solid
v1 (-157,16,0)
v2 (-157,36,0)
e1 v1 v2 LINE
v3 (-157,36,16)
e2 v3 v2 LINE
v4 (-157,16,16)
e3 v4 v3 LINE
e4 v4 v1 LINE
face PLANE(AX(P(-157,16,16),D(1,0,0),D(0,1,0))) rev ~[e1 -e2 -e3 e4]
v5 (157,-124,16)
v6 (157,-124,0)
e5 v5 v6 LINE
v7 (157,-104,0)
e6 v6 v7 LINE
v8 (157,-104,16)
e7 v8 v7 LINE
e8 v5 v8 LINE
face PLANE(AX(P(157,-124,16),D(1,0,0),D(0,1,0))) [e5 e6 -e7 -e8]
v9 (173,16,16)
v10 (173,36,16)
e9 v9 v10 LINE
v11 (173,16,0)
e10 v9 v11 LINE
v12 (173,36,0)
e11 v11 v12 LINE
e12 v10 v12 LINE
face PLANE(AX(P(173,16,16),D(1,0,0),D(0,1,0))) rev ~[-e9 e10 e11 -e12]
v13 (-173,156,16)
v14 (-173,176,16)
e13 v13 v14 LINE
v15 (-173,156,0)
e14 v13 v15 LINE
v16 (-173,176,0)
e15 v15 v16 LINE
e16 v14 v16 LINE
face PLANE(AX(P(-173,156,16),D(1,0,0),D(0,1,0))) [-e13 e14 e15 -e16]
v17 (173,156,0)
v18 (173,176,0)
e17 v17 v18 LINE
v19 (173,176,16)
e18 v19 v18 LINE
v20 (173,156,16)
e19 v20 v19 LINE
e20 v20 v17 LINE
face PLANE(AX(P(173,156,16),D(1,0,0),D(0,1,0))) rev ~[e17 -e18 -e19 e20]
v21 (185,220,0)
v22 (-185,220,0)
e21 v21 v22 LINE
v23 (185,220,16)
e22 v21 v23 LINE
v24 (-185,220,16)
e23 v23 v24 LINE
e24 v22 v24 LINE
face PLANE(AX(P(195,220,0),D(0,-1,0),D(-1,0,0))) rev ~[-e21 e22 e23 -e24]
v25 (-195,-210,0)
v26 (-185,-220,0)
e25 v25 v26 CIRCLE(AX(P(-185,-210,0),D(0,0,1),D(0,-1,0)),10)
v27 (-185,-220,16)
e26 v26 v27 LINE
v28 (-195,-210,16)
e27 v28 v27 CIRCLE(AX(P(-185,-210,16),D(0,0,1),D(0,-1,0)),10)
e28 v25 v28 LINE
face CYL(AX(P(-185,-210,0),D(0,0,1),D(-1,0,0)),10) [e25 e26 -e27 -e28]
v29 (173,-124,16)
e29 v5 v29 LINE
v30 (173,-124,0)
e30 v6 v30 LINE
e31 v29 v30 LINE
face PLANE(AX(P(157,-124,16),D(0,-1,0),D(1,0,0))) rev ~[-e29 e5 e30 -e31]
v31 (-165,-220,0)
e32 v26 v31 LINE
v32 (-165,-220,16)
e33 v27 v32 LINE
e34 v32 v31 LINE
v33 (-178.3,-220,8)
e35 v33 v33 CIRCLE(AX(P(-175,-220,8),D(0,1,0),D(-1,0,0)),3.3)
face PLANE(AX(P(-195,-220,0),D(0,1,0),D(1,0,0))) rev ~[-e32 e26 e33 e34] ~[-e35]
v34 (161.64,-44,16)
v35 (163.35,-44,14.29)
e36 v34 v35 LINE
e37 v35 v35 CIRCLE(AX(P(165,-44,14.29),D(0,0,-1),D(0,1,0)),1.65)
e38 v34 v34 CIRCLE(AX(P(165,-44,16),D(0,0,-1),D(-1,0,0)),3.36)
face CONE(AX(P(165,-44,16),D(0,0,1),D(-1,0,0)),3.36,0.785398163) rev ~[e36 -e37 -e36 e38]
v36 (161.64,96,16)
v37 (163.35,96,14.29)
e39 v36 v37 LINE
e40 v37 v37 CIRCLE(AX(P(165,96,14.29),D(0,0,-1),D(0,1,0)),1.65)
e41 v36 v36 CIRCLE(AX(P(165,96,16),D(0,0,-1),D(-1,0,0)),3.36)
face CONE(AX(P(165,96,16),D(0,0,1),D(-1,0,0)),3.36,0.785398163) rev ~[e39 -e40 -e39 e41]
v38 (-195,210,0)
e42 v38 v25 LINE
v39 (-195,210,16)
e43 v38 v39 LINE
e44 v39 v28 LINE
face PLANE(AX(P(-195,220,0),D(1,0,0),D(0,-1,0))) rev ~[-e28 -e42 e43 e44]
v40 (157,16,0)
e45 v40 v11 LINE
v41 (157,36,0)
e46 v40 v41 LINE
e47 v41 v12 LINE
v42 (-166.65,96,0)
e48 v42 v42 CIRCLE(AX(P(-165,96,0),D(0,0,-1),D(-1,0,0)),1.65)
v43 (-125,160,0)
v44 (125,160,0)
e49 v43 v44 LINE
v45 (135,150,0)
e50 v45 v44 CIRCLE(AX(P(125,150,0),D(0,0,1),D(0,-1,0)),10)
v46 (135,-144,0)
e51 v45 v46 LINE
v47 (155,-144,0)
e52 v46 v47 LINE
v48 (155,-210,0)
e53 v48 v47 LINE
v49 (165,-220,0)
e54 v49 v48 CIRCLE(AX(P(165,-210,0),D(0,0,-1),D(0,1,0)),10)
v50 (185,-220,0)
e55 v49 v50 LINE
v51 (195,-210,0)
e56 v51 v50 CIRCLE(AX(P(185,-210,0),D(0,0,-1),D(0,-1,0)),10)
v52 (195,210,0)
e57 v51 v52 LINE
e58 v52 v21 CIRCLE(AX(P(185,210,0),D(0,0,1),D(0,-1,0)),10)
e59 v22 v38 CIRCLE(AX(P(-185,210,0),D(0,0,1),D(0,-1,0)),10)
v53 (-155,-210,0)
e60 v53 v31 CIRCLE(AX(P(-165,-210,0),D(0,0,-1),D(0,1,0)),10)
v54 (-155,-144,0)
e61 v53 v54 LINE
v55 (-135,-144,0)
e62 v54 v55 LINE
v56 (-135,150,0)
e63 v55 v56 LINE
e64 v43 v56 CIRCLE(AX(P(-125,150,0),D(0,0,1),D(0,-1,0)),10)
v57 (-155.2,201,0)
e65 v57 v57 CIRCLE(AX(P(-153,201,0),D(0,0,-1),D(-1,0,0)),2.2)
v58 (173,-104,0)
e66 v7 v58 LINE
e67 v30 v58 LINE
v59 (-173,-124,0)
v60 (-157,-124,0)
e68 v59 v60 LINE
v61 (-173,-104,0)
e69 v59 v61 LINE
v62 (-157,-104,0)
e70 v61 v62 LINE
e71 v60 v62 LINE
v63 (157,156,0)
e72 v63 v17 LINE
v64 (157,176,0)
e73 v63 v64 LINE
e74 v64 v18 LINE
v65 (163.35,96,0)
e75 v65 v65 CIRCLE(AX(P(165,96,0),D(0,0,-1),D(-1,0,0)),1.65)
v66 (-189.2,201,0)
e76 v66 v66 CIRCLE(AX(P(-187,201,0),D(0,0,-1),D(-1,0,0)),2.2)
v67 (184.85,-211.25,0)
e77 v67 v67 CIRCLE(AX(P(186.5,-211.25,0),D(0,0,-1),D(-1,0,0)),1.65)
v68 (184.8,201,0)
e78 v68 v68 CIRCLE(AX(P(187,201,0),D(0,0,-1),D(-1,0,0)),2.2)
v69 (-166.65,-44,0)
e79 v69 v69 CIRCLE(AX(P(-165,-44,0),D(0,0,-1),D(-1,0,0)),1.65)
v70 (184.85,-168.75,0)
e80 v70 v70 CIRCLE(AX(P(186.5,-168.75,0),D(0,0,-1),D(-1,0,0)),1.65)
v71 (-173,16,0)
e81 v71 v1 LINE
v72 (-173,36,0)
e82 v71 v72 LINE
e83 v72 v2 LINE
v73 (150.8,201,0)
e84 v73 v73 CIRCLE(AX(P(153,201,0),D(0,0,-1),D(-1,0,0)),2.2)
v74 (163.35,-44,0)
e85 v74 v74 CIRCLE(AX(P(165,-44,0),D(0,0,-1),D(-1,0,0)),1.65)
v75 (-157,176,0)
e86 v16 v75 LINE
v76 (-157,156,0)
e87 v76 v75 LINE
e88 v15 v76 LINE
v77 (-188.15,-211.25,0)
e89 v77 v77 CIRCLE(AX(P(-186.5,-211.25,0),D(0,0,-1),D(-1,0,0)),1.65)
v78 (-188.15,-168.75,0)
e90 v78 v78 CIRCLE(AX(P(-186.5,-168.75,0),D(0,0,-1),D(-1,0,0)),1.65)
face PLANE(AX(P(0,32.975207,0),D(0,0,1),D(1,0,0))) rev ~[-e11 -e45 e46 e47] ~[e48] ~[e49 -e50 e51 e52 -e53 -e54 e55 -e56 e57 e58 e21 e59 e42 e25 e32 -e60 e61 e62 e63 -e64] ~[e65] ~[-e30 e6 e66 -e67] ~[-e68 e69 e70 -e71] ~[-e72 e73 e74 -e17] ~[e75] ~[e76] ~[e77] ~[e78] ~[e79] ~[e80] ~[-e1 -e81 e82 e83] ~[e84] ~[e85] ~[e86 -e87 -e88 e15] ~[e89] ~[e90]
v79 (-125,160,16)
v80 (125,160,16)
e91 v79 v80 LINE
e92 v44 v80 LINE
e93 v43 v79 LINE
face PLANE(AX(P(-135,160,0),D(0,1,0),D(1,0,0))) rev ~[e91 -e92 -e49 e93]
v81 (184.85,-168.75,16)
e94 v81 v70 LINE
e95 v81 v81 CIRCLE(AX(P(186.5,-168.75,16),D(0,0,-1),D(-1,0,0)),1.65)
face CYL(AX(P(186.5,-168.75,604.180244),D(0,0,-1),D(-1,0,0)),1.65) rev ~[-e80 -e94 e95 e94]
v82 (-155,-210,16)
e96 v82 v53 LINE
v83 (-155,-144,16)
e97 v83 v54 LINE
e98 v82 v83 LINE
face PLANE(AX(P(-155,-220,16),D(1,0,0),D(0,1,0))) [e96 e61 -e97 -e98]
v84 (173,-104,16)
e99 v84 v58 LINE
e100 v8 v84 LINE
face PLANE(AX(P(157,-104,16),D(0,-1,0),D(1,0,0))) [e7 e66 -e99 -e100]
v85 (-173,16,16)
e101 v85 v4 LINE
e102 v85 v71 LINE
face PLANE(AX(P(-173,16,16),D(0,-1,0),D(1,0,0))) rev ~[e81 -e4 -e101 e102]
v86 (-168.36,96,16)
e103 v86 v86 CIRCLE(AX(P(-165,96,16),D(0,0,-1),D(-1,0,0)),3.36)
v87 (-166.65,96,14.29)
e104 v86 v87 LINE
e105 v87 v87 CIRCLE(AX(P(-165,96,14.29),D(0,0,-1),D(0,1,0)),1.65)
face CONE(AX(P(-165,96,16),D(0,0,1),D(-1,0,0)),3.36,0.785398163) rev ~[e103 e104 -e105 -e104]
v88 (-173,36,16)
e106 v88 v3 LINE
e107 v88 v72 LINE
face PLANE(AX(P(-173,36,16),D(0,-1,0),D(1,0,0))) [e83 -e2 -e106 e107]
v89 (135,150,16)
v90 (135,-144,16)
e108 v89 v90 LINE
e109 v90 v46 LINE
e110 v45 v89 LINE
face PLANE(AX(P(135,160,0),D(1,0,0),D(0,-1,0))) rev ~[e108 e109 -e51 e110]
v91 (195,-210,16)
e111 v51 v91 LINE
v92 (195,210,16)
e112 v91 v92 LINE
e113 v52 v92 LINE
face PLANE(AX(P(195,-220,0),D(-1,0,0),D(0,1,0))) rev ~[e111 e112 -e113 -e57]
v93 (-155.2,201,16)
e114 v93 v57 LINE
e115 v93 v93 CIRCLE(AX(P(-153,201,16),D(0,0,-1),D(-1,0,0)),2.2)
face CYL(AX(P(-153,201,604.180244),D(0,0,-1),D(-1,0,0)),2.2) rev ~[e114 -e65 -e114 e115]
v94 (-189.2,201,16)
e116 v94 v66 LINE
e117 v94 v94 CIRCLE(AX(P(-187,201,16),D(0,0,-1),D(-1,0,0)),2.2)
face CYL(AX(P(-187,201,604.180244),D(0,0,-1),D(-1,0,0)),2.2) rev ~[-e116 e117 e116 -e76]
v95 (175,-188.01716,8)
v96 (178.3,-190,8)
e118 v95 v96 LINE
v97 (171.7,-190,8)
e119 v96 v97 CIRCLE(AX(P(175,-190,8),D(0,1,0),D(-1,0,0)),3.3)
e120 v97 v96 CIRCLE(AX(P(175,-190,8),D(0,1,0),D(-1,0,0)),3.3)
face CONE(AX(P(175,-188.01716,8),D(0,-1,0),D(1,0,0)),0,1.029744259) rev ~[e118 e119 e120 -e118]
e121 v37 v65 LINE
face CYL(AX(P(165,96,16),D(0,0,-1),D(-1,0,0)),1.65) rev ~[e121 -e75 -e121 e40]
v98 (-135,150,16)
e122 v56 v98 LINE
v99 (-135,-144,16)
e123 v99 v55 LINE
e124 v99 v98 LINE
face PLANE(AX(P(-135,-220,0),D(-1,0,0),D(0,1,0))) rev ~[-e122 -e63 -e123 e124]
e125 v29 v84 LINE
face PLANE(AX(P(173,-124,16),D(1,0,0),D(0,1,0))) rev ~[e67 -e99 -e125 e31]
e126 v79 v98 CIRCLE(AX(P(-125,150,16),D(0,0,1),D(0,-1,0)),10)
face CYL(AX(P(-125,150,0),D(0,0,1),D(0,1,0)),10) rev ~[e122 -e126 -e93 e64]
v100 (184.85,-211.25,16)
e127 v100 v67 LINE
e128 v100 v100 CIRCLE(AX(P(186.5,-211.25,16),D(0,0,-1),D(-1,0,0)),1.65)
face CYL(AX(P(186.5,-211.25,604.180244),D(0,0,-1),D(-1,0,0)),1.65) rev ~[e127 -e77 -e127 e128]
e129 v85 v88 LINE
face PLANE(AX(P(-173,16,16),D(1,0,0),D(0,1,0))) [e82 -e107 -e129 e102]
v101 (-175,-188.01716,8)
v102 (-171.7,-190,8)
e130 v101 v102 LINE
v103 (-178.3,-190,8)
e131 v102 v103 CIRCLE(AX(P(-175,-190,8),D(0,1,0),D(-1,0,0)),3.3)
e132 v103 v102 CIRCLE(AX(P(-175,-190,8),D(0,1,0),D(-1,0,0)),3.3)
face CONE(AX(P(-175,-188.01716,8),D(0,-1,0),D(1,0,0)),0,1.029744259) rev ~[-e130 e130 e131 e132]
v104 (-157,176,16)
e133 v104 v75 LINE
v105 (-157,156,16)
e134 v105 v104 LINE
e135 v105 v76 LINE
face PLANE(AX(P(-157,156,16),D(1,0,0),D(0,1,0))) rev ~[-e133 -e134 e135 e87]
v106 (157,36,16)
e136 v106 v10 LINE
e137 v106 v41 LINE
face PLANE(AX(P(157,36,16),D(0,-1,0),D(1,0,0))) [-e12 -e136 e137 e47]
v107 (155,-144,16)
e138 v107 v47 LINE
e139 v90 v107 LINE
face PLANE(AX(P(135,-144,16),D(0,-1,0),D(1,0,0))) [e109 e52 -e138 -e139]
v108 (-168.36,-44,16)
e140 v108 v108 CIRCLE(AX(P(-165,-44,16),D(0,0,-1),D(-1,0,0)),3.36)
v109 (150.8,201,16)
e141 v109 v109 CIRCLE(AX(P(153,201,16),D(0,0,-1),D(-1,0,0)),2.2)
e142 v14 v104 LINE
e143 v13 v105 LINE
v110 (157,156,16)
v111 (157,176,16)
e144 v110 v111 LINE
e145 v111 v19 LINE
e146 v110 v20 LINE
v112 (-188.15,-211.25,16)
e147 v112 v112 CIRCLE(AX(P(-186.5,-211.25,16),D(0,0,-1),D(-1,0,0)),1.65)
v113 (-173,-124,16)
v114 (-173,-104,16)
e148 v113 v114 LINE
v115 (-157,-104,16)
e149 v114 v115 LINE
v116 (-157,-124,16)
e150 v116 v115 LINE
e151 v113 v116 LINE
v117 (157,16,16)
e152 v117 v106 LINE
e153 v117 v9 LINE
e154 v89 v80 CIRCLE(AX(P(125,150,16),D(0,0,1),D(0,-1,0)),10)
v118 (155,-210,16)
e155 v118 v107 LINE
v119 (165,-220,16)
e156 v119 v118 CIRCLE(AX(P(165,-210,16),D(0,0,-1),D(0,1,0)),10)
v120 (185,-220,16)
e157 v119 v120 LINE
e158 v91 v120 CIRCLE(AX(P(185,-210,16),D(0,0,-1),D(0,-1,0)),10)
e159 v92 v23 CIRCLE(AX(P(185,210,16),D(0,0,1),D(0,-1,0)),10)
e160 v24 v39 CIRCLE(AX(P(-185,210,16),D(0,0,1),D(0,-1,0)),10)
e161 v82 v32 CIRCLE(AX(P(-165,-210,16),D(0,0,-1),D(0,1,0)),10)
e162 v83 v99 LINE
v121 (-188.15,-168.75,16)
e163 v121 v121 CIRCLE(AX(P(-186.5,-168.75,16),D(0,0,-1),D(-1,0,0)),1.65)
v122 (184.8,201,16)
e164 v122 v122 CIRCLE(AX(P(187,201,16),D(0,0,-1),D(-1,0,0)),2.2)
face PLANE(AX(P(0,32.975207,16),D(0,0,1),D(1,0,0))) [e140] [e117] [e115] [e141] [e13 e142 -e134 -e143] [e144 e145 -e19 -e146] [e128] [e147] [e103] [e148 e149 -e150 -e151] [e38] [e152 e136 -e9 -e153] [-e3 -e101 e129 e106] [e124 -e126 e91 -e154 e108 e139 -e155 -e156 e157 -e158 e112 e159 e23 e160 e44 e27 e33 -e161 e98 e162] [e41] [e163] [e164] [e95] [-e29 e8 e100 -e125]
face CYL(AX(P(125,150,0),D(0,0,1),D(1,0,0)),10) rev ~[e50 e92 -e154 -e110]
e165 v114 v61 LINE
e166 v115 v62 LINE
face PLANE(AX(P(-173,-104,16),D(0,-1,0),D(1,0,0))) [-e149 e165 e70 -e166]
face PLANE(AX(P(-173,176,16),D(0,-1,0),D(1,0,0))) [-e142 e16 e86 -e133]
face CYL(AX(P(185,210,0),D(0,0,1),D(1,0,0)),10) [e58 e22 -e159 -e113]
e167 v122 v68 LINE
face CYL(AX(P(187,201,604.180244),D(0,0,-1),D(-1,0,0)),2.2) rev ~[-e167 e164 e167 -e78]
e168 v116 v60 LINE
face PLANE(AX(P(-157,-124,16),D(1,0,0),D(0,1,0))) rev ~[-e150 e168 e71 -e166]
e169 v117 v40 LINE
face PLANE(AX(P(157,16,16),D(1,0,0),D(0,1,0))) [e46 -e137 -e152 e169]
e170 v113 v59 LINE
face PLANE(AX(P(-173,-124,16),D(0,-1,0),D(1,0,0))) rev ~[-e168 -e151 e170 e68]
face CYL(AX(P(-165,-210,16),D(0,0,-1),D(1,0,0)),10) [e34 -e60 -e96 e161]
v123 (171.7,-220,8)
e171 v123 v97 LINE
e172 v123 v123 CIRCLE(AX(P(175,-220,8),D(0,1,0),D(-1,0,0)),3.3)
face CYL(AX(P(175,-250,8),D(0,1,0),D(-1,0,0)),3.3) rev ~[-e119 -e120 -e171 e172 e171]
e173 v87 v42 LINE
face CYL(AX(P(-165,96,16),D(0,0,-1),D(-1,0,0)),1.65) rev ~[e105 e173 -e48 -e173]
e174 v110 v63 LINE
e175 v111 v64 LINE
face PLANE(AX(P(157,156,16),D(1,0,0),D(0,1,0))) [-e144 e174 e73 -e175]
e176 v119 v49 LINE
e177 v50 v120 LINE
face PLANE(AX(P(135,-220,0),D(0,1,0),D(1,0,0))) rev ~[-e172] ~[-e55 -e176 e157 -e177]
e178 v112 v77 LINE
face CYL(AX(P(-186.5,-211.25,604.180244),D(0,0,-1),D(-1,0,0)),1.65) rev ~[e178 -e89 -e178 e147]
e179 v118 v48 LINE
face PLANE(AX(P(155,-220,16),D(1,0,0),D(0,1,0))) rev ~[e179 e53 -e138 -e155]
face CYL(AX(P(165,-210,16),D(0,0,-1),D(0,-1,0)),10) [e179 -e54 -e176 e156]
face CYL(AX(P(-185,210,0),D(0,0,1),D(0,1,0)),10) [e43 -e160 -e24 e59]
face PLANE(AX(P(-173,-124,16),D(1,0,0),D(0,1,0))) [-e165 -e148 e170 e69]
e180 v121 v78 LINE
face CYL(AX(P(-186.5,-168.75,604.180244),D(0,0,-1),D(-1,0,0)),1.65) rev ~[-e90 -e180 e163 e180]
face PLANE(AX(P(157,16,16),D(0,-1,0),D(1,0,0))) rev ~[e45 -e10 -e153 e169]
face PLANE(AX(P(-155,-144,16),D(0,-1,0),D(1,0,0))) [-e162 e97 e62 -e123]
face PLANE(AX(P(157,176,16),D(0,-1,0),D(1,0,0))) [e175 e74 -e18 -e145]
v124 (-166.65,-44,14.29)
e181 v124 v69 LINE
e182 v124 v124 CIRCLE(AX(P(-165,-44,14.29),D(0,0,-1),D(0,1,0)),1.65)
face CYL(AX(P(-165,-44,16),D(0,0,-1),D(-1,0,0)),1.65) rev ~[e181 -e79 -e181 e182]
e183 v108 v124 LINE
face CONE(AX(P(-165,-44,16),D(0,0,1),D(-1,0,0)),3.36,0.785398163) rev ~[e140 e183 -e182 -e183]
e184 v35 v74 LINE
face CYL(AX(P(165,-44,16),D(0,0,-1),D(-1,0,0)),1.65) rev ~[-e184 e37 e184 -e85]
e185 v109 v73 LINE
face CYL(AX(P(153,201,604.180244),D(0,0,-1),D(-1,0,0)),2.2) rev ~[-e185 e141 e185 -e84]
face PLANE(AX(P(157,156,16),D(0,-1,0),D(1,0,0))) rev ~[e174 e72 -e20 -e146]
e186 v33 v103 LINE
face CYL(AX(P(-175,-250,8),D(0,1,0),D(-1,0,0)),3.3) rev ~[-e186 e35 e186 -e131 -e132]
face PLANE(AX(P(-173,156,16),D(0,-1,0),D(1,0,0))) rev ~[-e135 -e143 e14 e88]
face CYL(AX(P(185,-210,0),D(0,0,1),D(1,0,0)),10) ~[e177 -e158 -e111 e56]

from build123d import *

# Parameters (mm, degrees)
F1_DEPTH       = 16
F2_W           = 20
F2_H           = 76
F2_W_2         = 16
F2_H_2         = 20
F3_DEPTH       = 16
F4_R           = 10
F6_D           = 3.3
F6_CSINK_D     = 6.72
F6_CSINK_ANGLE = 90
F8_D           = 6.6
F8_DEPTH       = 30
F8_TIP         = 1.9828400428
F10_D          = 4.4
F12_D          = 3.3


with BuildPart() as f1:
    # F0 (on Top) → F1 (new body)
    with BuildSketch(Plane.XY):
        Polygon((195, -220), (195, 220), (-195, 220), (-195, -220), (-135, -220), (-135, 160), (135, 160), (135, -220), align=None)
    extrude(amount=F1_DEPTH)

    # F2 (on face) → F3 (cut, through all)
    with BuildSketch(Plane.XY.offset(16)):
        with Locations((-145, -182)):
            Rectangle(F2_W, F2_H)
        with Locations((-165, 166)):
            Rectangle(F2_W_2, F2_H_2)
        with Locations((-165, -114)):
            Rectangle(F2_W_2, F2_H_2)
        with Locations((-165, 26)):
            Rectangle(F2_W_2, F2_H_2)
        with Locations((145, -182)):
            Rectangle(F2_W, F2_H)
        with Locations((165, 26)):
            Rectangle(F2_W_2, F2_H_2)
        with Locations((165, 166)):
            Rectangle(F2_W_2, F2_H_2)
        with Locations((165, -114)):
            Rectangle(F2_W_2, F2_H_2)
    extrude(amount=-F3_DEPTH, mode=Mode.SUBTRACT)

    # F4
    f4_edges = [f1.edges().sort_by_distance(p)[0] for p in [
        (-135, 160, 8),
        (135, 160, 8),
        (-195, 220, 8),
        (195, 220, 8),
        (195, -220, 8),
        (155, -220, 8),
        (-155, -220, 8),
        (-195, -220, 8),
    ]]
    fillet(f4_edges, radius=F4_R)

    # F6 (through all)
    with Locations(Plane.XY.offset(16)):
        with Locations((-165, 96), (-165, -44), (165, 96), (165, -44)):
            CounterSinkHole(F6_D / 2, F6_CSINK_D / 2, counter_sink_angle=F6_CSINK_ANGLE)

    # F8
    with Locations(Plane.XZ.offset(220)):
        with Locations((-175, 8), (175, 8)):
            Hole(F8_D / 2, depth=F8_DEPTH)
            with Locations((0, 0, -(F8_DEPTH + F8_TIP / 2))):  # 118° drill point
                Cone(0, F8_D / 2, F8_TIP, mode=Mode.SUBTRACT)

    # F10 (through all)
    with Locations(Plane.XY.offset(16)):
        with Locations((-187, 201), (-153, 201), (187, 201), (153, 201)):
            Hole(F10_D / 2)

    # F12 (through all)
    with Locations(Plane.XY.offset(16)):
        with Locations((-186.5, -168.75), (-186.5, -211.25), (186.5, -211.25), (186.5, -168.75)):
            Hole(F12_D / 2)


solid = f1.part
